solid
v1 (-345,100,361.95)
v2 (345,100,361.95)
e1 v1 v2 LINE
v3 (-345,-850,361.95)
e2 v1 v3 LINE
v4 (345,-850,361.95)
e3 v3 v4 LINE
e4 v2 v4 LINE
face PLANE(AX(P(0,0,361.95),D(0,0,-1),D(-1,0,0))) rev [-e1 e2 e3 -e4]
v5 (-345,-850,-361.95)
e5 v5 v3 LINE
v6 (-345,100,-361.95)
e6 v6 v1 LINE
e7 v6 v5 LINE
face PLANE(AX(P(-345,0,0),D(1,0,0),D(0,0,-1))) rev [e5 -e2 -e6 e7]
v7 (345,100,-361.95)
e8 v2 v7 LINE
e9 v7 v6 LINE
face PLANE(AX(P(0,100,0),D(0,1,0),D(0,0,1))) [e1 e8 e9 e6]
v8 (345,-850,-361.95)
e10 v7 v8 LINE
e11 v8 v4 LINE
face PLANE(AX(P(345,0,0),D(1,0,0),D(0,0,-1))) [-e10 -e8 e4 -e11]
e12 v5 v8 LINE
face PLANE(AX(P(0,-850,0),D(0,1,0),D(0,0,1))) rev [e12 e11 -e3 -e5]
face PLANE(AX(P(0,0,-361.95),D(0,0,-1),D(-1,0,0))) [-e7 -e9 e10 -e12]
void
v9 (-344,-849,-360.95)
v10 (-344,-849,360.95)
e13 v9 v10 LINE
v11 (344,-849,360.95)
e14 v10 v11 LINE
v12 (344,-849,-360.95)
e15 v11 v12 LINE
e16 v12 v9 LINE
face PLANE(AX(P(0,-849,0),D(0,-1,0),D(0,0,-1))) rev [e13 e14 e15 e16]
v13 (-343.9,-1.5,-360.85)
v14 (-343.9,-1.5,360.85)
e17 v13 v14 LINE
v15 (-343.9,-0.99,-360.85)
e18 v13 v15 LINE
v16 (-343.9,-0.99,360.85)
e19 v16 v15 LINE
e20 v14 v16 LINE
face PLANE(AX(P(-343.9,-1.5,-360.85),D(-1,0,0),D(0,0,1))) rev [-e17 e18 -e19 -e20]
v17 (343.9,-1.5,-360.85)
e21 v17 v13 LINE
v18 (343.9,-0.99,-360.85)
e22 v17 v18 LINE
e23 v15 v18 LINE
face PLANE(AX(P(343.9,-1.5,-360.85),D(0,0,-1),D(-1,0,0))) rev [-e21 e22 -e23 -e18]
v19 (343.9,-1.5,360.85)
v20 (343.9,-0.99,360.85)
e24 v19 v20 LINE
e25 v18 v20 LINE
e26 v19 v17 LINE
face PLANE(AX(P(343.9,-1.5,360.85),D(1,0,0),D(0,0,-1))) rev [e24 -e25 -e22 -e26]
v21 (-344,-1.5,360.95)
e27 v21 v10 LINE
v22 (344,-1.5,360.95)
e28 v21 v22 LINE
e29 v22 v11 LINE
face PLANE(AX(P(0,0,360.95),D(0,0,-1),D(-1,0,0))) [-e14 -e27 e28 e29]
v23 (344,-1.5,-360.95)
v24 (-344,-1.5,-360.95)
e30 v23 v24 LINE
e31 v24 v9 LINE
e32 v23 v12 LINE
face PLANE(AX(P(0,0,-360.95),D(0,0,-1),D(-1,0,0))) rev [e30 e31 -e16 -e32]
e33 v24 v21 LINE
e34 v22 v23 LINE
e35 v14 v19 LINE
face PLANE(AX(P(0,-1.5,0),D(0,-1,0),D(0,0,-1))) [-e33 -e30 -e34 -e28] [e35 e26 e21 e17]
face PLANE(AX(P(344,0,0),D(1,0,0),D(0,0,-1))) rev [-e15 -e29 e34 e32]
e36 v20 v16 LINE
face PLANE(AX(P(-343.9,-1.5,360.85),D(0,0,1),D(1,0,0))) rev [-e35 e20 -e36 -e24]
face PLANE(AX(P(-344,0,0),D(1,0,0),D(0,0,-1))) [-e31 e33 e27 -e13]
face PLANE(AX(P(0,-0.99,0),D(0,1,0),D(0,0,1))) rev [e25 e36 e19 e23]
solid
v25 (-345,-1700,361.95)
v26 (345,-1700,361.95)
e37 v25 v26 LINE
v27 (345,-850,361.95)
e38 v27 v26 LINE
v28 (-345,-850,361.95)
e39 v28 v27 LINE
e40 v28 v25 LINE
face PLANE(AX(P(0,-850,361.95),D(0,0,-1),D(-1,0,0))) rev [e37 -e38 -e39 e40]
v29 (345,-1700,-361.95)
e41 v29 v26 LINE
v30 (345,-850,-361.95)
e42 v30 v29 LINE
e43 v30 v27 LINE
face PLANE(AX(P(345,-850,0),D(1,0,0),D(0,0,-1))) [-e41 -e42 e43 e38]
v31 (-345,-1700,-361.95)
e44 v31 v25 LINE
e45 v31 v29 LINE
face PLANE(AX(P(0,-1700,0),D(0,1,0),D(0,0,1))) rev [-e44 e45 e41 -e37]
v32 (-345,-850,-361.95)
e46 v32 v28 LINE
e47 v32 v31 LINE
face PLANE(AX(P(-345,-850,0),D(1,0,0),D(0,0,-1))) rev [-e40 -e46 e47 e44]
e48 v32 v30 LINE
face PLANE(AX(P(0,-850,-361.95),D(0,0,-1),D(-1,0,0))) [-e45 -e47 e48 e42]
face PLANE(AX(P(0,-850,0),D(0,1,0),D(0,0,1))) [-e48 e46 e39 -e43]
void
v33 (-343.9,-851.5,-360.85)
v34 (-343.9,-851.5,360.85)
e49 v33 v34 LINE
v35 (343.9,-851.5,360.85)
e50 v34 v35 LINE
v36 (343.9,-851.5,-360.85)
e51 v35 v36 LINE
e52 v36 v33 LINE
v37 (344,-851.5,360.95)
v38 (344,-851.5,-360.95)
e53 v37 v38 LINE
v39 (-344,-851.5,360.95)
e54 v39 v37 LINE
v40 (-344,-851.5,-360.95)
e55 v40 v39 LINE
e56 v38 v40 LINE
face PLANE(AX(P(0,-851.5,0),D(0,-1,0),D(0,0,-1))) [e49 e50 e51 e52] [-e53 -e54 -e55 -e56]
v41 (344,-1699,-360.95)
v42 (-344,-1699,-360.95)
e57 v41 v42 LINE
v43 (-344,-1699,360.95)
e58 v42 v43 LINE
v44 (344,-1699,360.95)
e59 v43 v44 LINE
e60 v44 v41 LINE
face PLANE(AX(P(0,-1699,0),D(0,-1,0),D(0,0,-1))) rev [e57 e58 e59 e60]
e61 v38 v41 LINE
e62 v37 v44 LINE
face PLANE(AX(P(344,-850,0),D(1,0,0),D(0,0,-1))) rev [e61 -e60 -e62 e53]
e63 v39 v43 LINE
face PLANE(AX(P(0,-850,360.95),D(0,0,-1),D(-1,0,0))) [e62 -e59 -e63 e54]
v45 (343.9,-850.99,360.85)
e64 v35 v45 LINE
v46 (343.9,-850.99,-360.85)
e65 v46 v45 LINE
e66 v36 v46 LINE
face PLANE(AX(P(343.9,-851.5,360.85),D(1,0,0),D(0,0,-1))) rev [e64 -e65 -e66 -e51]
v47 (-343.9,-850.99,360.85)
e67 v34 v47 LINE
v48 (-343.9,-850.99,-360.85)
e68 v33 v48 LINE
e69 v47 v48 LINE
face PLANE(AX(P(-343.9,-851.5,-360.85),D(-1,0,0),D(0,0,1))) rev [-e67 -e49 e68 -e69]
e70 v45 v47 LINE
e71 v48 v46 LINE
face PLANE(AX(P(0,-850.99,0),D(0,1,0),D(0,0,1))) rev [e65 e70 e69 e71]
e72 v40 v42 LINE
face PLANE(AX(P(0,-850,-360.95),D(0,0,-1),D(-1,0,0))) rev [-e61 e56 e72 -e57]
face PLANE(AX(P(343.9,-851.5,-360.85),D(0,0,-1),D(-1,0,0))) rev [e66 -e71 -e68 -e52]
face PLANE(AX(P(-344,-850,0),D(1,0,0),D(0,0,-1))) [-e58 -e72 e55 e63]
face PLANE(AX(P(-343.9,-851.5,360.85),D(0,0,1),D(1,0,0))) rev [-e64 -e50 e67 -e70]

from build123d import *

# Parameters (mm, degrees)
SKETCH3_W           = 690
SKETCH3_H           = 723.9
SKETCH3_W_2         = 688
SKETCH3_H_2         = 721.9
BOSS_EXTRUDE4_DEPTH = 850
SKETCH4_W           = 688
SKETCH4_H           = 721.9
BOSS_EXTRUDE5_DEPTH = 1
SKETCH8_W           = 690
SKETCH8_H           = 723.9
SKETCH8_W_2         = 688
SKETCH8_H_2         = 721.9
BOSS_EXTRUDE7_DEPTH = 0.99
SKETCH10_W          = 688
SKETCH10_H          = 721.9
SKETCH10_W_2        = 687.8
SKETCH10_H_2        = 721.7
BOSS_EXTRUDE8_DEPTH = 1.5
SKETCH16_W          = 690
SKETCH16_H          = 723.9
BOSS_EXTRUDE9_DEPTH = 100


with BuildPart() as part:
    # Sketch3 → Boss-Extrude4 (new body)
    with BuildSketch(Plane(origin=(0, -850, 0), x_dir=(1, 0, 0), z_dir=(0, 1, 0))):
        Rectangle(SKETCH3_W, SKETCH3_H)
        Rectangle(SKETCH3_W_2, SKETCH3_H_2, mode=Mode.SUBTRACT)
    extrude(amount=BOSS_EXTRUDE4_DEPTH)

    # Sketch4 → Boss-Extrude5 (add)
    with BuildSketch(Plane(origin=(0, -850, 0), x_dir=(1, 0, 0), z_dir=(0, 1, 0))):
        Rectangle(SKETCH4_W, SKETCH4_H)
    extrude(amount=BOSS_EXTRUDE5_DEPTH)



with BuildPart() as body_2:
    # Sketch8 → Boss-Extrude7 (new body)
    with BuildSketch(Plane(origin=(0, 0, 0), x_dir=(1, 0, 0), z_dir=(0, 1, 0))):
        Rectangle(SKETCH8_W, SKETCH8_H)
        Rectangle(SKETCH8_W_2, SKETCH8_H_2, mode=Mode.SUBTRACT)
        Rectangle(SKETCH8_W_2, SKETCH8_H_2)
    extrude(amount=-BOSS_EXTRUDE7_DEPTH)


with BuildPart() as part_1:
    add(part.part)

    add(body_2.part)  # Boss-Extrude8 merges body 2
    # Sketch10 → Boss-Extrude8 (add)
    with BuildSketch(Plane(origin=(0, 0, 0), x_dir=(1, 0, 0), z_dir=(0, 1, 0))):
        Rectangle(SKETCH10_W, SKETCH10_H)
        Rectangle(SKETCH10_W_2, SKETCH10_H_2, mode=Mode.SUBTRACT)
    extrude(amount=-BOSS_EXTRUDE8_DEPTH)


with BuildPart() as body_2_2:
    # Body-Move/Copy1: copy of part
    add(part_1.part.moved(Location((0, -850, 0))))


with BuildPart() as part_2:
    add(part_1.part)

    # Sketch16 → Boss-Extrude9 (add)
    with BuildSketch(Plane(origin=(0, 0, 0), x_dir=(1, 0, 0), z_dir=(0, 1, 0))):
        Rectangle(SKETCH16_W, SKETCH16_H)
    extrude(amount=BOSS_EXTRUDE9_DEPTH)


solid = Compound([body_2_2.part, part_2.part])
